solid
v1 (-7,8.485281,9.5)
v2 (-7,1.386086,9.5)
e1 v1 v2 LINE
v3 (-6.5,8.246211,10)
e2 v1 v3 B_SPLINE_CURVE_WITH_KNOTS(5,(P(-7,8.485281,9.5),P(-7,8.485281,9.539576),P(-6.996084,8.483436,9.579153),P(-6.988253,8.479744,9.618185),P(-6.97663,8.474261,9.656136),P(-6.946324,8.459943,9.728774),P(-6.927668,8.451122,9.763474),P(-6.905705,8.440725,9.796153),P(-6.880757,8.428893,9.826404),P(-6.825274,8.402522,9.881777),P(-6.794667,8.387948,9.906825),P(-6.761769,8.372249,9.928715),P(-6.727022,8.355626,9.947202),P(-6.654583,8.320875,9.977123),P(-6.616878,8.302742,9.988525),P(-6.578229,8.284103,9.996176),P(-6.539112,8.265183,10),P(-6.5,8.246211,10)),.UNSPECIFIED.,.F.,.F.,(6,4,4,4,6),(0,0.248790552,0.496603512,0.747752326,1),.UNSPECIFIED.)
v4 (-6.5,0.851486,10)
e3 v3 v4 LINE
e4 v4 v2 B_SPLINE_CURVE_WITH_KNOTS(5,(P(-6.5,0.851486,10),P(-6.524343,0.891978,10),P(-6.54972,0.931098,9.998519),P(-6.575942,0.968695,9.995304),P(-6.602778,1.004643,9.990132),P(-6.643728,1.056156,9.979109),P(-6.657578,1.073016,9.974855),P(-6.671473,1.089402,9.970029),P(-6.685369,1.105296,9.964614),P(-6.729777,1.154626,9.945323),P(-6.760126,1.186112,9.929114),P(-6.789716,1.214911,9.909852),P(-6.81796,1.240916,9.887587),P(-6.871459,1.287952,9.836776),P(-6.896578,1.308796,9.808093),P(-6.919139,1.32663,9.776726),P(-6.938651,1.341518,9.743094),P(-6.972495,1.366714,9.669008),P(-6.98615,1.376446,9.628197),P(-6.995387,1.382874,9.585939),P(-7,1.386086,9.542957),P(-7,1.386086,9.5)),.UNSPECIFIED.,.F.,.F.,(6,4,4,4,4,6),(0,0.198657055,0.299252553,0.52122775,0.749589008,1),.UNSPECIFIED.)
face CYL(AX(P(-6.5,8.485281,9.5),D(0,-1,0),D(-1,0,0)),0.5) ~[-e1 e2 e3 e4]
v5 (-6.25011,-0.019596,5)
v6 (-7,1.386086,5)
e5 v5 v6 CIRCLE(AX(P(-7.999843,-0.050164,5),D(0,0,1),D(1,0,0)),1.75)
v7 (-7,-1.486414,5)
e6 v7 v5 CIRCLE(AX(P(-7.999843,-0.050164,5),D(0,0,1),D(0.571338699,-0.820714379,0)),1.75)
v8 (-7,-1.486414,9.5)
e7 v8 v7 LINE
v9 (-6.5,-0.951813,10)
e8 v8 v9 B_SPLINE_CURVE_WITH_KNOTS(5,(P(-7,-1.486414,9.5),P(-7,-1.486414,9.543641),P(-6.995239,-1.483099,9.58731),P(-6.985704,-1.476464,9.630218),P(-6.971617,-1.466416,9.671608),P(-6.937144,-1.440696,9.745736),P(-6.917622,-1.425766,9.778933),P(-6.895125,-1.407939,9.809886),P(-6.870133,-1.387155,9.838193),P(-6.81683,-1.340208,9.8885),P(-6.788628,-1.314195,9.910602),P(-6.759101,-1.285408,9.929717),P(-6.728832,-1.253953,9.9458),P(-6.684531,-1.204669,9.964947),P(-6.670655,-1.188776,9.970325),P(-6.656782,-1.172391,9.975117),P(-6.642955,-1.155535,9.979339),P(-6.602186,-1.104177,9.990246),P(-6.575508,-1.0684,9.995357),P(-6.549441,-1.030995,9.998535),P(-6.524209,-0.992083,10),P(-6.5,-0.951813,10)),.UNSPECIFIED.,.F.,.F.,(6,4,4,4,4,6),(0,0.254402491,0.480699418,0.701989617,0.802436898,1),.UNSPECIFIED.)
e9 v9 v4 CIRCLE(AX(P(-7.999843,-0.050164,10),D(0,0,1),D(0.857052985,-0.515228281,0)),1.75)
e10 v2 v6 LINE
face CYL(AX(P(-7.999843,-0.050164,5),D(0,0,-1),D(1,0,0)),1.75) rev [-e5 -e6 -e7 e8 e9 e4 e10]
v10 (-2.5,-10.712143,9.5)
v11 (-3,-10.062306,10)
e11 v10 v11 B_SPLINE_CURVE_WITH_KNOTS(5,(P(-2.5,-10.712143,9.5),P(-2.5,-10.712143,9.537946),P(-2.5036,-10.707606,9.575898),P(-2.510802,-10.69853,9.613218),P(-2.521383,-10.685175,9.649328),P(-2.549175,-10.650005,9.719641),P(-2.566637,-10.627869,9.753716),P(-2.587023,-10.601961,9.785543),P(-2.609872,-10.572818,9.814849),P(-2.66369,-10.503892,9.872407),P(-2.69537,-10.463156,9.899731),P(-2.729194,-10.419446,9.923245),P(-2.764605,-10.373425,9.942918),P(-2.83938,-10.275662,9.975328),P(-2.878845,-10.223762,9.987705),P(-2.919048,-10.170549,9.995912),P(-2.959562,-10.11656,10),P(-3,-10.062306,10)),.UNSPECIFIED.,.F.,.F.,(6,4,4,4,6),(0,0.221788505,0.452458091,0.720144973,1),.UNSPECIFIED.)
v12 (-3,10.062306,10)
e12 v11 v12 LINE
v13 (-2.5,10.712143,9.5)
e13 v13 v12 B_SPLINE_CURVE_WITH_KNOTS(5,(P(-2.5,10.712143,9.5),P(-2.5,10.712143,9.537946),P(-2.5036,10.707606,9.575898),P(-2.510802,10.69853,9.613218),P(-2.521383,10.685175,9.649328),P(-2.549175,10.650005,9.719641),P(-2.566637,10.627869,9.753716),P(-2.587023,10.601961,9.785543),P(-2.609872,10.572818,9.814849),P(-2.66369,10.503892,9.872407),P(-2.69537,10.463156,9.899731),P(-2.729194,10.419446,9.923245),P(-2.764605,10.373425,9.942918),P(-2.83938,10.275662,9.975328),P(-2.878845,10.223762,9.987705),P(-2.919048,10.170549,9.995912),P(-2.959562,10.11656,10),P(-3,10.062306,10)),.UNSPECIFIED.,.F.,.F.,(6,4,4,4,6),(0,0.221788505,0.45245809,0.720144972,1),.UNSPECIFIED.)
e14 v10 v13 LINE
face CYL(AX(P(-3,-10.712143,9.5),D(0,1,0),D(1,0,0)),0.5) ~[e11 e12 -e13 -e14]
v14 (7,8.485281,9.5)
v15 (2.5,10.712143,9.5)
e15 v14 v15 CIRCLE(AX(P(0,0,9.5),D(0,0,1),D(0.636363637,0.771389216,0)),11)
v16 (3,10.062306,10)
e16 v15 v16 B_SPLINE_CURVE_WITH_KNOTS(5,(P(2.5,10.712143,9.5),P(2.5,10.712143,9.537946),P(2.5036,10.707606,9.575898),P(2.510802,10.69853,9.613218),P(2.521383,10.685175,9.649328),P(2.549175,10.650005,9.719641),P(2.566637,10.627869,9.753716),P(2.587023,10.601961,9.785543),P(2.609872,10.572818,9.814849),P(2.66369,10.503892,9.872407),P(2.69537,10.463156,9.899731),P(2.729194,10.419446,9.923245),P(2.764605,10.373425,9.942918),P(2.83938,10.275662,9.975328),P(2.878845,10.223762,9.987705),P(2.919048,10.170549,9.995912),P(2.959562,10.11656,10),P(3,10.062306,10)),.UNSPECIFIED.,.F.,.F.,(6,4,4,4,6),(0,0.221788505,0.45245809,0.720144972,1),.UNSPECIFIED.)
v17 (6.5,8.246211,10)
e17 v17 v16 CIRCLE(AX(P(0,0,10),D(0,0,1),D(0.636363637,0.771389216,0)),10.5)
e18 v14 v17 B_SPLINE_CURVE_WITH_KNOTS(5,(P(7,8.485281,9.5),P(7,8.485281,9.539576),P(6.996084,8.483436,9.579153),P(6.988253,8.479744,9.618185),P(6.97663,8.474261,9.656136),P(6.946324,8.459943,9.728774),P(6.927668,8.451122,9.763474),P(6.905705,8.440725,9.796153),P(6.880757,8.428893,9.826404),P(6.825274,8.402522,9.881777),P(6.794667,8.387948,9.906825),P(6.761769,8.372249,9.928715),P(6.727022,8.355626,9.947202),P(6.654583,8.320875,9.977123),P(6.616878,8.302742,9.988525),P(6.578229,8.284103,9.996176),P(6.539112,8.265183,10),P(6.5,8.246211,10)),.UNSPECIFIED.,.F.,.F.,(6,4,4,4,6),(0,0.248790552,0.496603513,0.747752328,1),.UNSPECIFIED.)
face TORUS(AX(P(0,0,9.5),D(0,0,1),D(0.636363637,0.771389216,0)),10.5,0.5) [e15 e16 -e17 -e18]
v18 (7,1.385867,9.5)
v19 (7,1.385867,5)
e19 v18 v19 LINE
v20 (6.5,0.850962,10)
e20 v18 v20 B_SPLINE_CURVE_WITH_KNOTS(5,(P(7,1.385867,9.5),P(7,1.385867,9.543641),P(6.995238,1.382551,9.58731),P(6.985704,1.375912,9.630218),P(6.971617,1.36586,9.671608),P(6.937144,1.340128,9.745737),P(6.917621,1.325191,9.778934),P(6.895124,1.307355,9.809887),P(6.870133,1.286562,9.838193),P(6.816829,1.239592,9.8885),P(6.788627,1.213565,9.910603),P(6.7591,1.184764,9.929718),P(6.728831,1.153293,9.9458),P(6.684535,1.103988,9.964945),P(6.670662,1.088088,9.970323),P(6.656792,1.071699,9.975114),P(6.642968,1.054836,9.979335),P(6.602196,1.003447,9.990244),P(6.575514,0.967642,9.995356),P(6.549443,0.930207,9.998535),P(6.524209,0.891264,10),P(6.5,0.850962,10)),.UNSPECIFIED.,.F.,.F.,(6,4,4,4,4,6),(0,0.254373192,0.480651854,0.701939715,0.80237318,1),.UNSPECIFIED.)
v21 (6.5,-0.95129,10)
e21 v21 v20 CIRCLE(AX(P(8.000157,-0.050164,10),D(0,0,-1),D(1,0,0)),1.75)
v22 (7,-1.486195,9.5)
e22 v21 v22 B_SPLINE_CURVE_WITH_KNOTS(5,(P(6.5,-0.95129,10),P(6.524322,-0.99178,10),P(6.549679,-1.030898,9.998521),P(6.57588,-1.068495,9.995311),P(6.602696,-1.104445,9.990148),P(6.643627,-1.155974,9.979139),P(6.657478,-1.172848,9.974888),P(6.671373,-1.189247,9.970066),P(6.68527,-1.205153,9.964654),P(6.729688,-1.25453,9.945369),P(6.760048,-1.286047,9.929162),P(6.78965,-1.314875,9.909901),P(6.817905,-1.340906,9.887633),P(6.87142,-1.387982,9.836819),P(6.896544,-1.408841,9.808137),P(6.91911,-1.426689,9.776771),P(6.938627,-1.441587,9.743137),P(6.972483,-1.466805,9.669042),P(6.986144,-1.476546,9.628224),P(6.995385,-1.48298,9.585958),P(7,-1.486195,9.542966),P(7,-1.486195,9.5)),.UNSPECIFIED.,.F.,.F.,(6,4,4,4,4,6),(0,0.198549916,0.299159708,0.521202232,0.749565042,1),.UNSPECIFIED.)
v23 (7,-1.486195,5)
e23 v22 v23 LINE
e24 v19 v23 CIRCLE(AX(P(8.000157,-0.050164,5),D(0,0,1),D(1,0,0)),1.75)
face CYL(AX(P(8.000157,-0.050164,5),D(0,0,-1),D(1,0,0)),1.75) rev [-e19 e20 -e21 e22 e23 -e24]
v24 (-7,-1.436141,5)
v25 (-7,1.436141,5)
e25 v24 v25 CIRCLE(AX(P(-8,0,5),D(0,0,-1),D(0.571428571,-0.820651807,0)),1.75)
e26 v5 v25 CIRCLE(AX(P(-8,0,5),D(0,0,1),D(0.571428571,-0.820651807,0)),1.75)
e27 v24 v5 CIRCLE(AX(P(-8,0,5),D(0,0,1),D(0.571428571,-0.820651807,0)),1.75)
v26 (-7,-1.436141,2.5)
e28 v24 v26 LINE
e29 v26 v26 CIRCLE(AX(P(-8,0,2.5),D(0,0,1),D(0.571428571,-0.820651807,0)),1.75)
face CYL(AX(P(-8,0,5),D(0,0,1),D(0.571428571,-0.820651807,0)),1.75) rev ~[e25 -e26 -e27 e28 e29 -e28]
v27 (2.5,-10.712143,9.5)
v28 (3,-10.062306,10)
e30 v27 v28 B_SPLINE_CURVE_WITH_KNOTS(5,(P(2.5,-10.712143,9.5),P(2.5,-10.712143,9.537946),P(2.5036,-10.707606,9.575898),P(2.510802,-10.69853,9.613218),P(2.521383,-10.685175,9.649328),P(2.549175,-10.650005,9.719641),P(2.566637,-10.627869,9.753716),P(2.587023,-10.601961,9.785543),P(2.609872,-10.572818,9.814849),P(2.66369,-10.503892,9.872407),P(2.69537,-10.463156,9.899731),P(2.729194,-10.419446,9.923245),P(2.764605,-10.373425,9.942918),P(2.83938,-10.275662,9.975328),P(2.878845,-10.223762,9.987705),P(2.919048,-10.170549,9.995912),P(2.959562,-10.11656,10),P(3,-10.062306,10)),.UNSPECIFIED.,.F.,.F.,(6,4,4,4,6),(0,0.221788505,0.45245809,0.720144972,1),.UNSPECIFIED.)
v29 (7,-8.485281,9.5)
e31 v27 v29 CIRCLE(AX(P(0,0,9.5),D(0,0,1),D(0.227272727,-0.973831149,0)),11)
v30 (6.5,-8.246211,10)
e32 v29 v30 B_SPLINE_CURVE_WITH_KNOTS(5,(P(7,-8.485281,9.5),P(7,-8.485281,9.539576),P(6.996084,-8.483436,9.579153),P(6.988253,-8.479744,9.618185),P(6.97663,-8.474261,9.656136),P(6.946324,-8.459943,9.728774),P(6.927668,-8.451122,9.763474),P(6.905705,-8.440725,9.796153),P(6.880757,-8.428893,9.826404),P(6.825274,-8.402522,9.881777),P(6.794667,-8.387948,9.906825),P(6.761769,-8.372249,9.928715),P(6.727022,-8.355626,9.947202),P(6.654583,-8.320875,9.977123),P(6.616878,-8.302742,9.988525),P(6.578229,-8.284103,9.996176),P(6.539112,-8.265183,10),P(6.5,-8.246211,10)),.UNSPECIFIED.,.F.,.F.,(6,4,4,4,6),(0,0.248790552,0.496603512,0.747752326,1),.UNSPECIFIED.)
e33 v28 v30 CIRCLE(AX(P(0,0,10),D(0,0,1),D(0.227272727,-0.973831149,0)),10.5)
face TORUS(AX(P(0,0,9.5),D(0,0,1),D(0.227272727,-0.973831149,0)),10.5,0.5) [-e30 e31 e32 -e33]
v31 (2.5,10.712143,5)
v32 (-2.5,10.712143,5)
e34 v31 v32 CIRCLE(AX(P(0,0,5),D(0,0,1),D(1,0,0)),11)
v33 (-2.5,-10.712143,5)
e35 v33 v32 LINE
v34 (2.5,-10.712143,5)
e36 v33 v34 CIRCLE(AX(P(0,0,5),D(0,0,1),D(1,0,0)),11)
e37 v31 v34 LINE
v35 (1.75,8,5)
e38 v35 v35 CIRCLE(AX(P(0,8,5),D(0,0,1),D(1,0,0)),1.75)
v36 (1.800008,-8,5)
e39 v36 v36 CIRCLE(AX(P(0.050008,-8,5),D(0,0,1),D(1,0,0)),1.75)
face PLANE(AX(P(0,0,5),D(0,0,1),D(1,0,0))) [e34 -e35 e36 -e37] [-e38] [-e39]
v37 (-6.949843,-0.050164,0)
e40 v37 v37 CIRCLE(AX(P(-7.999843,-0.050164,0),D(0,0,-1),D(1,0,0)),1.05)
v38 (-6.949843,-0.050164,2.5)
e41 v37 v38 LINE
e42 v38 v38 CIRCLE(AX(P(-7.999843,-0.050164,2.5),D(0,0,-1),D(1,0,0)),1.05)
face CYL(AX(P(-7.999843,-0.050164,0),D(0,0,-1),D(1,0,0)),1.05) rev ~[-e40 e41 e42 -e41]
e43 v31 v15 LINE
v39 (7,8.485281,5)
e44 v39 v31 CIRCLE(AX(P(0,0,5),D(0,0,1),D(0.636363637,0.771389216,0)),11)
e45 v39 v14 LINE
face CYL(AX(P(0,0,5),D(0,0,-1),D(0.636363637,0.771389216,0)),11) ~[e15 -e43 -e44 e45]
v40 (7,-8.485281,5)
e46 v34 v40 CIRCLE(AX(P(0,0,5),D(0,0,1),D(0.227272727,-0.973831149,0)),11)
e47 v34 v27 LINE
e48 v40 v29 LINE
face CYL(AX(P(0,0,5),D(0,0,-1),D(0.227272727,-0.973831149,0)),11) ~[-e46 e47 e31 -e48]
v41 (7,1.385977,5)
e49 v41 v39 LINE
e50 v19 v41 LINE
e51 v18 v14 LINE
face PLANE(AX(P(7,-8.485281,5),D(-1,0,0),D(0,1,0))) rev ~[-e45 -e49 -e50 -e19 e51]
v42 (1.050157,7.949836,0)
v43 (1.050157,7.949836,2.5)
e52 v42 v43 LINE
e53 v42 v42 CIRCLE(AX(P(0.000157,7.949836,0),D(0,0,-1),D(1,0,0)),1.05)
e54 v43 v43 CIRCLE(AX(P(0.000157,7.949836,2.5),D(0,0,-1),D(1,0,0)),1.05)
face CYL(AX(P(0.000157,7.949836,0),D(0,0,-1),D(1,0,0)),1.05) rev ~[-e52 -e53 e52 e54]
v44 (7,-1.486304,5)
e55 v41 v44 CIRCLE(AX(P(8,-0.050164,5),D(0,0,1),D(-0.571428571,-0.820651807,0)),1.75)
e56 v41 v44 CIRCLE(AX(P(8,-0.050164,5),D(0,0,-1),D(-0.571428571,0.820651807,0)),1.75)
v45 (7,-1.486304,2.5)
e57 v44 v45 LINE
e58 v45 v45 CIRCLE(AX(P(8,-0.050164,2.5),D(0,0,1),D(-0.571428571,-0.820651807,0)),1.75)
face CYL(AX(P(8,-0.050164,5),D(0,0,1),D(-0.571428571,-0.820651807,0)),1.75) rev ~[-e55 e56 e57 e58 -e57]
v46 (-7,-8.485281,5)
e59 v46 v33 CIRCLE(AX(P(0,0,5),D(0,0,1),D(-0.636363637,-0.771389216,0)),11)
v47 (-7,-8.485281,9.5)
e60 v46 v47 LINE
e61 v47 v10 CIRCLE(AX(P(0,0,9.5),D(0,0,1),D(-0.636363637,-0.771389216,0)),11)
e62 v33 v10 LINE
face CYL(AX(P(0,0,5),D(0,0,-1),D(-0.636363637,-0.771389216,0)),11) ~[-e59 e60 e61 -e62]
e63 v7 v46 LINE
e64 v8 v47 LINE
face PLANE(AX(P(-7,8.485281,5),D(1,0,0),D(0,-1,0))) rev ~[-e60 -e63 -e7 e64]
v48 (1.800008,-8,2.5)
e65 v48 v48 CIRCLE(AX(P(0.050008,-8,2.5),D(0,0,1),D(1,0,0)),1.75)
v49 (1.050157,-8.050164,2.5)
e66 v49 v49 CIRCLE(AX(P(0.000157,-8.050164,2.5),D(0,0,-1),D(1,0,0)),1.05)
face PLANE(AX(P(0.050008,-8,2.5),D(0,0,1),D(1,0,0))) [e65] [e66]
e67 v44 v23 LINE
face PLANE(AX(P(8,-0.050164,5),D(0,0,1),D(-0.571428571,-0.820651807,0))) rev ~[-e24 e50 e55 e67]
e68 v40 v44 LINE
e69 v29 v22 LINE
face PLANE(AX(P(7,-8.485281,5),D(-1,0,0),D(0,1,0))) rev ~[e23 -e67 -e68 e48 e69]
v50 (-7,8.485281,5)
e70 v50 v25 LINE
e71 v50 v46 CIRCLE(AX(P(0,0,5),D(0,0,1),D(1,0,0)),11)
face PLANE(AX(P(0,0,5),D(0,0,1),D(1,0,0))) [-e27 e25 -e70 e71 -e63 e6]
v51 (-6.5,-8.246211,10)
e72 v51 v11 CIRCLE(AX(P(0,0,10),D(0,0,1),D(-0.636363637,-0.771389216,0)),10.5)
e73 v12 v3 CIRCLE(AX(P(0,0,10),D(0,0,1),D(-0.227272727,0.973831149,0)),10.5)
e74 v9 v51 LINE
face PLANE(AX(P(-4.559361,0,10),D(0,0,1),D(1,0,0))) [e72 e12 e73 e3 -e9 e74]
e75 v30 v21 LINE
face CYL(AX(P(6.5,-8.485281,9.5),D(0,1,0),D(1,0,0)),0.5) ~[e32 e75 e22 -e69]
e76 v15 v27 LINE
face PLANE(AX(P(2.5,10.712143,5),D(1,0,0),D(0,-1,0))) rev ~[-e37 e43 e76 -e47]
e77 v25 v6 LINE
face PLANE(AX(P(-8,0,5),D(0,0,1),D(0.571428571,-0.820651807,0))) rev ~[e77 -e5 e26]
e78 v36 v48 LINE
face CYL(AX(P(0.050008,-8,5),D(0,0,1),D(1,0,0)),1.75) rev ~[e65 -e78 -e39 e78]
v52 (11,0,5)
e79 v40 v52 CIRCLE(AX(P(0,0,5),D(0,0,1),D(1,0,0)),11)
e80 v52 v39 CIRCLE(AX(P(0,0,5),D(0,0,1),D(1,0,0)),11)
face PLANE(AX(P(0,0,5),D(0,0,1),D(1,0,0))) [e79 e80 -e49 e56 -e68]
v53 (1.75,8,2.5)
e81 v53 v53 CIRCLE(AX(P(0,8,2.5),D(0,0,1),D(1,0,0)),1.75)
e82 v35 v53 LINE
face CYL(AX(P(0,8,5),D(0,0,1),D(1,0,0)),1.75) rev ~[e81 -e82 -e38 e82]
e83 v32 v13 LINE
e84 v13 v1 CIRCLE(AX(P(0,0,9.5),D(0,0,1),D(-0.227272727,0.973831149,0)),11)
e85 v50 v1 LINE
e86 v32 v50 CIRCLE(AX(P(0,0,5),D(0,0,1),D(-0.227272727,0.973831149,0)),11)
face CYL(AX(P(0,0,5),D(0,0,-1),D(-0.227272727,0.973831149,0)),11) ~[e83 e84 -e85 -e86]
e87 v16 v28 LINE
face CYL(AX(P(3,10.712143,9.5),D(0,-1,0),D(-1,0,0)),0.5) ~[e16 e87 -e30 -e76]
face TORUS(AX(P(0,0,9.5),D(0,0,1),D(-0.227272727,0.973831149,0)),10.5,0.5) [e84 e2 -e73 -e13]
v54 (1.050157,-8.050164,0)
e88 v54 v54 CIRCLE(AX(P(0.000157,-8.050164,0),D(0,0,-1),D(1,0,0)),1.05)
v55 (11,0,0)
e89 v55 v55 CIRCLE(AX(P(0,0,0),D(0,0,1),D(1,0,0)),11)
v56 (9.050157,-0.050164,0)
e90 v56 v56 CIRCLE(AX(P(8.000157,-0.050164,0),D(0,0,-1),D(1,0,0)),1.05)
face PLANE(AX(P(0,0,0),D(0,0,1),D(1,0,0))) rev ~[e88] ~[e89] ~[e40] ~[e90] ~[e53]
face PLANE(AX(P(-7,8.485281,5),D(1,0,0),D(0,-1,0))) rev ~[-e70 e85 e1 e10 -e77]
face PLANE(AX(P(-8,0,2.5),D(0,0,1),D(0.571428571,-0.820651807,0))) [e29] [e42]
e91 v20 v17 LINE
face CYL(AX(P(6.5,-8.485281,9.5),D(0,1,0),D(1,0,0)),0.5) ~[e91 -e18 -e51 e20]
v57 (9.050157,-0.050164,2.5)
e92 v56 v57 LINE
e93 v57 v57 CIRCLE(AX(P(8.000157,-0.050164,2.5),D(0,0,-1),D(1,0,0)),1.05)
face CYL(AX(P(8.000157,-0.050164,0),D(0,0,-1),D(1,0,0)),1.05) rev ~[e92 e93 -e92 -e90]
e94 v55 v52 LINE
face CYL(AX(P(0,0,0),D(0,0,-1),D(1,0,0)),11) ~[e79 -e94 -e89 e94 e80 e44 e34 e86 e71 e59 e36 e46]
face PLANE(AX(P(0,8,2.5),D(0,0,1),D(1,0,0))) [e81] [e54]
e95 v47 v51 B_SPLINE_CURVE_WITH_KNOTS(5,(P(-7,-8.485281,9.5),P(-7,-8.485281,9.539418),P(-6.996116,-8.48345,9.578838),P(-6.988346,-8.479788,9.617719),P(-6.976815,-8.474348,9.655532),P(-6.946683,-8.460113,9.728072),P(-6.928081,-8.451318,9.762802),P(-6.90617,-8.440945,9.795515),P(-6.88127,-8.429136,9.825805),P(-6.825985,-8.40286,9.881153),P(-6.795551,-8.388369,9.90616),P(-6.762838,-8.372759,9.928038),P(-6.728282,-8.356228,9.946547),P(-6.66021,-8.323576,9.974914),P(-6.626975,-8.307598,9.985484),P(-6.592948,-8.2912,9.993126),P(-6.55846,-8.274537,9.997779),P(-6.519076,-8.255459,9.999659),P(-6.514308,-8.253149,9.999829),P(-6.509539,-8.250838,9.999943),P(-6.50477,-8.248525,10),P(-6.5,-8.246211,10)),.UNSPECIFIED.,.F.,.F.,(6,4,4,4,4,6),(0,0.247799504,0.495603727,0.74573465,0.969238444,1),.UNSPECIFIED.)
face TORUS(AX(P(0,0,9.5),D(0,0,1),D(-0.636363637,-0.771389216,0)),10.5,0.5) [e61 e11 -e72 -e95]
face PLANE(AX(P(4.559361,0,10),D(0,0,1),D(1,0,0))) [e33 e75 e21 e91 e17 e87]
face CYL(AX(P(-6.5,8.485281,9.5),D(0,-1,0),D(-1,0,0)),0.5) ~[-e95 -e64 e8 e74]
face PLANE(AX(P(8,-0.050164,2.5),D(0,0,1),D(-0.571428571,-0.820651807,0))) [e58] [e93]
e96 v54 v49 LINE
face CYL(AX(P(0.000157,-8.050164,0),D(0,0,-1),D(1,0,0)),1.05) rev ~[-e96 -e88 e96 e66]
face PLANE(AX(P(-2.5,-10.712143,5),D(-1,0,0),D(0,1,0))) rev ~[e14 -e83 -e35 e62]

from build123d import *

# Parameters (mm, degrees)
ESQUISSE1_R             = 11
BOSS_EXTRU_1_DEPTH      = 5
BOSS_EXTRU_3_DEPTH      = 5
CONG_3_R                = 0.5
ESQUISSE3D1_R           = 1.05
ENL_V_MAT_EXTRU_1_DEPTH = 25.164275332
ESQUISSE3D2_R           = 1.75
ENL_V_MAT_EXTRU_2_DEPTH = 2.5
ESQUISSE4_R             = 1.75
ENL_V_MAT_EXTRU_3_DEPTH = 17.340134669


with BuildPart() as part:
    # Esquisse1 → Boss.-Extru.1 (new body)
    with BuildSketch(Plane.XY):
        Circle(ESQUISSE1_R)
    extrude(amount=BOSS_EXTRU_1_DEPTH)

    # Esquisse2 → Boss.-Extru.3 (add)
    with BuildSketch(Plane.XY.offset(5)):
        with BuildLine():
            ThreePointArc((-2.5, 10.712142643), (-4.878752687, 9.858893053), (-7, 8.485281374))
            Line((-7, 8.485281374), (-7, -8.485281374))
            ThreePointArc((-7, -8.485281374), (-4.878752687, -9.858893053), (-2.5, -10.712142643))
            Line((-2.5, -10.712142643), (-2.5, 10.712142643))
        make_face()
        with BuildLine():
            ThreePointArc((7, 8.485281374), (4.878752687, 9.858893053), (2.5, 10.712142643))
            Line((2.5, 10.712142643), (2.5, -10.712142643))
            ThreePointArc((2.5, -10.712142643), (4.878752687, -9.858893053), (7, -8.485281374))
            Line((7, -8.485281374), (7, 8.485281374))
        make_face()
    extrude(amount=BOSS_EXTRU_3_DEPTH)

    # Congé3
    cong_3_edges = [part.edges().sort_by_distance(p)[0] for p in [
        (4.878752687, 9.858893053, 10),
        (4.878752687, -9.858893053, 10),
        (7, 0, 10),
        (2.5, 0, 10),
        (-4.878752687, 9.858893053, 10),
        (-4.878752687, -9.858893053, 10),
        (-2.5, 0, 10),
        (-7, 0, 10),
    ]]
    fillet(cong_3_edges, radius=CONG_3_R)

    # Esquisse3D1 → Enlèv. mat.-Extru.1 (cut, through all)
    with BuildSketch(Plane(origin=(0.000157277, -8.050163785, 0), x_dir=(0, 1, 0), z_dir=(0, 0, -1))):
        with Locations(Location((0, 0, 0), (0, 0, 90))):
            Circle(ESQUISSE3D1_R)
        with Locations(Location((8, 8, 0), (0, 0, 90))):
            Circle(ESQUISSE3D1_R)
        with Locations(Location((16, 0, 0), (0, 0, 90))):
            Circle(ESQUISSE3D1_R)
        with Locations(Location((8, -8, 0), (0, 0, 90))):
            Circle(ESQUISSE3D1_R)
    extrude(amount=-ENL_V_MAT_EXTRU_1_DEPTH, mode=Mode.SUBTRACT)

    # Esquisse3D2 → Enlèv. mat.-Extru.2 (cut)
    with BuildSketch(Plane(origin=(-8, 0, 5), x_dir=(0.9999950851821525, -0.0031352211308848022, 0), z_dir=(0, 0, 1))):
        with Locations(Location((0, 0, 0), (0, 0, 305.029539812))):
            Circle(ESQUISSE3D2_R)
        with Locations(Location((8.075049898, -7.974722127, 0), (0, 0, 0.179635233))):
            Circle(ESQUISSE3D2_R)
        with Locations(Location((7.974878912, 8.025042451, 0), (0, 0, 0.179635233))):
            Circle(ESQUISSE3D2_R)
        with Locations(Location((16.000078637, 0, 0), (0, 0, 235.329730654))):
            Circle(ESQUISSE3D2_R)
    extrude(amount=-ENL_V_MAT_EXTRU_2_DEPTH, mode=Mode.SUBTRACT)

    # Esquisse4 → Enlèv. mat.-Extru.3 (cut, through all)
    with BuildSketch(Plane.XY.offset(5)):
        with Locations((-7.999842723, -0.050163785)):
            Circle(ESQUISSE4_R)
        with Locations((8.000157277, -0.050163785)):
            Circle(ESQUISSE4_R)
    extrude(amount=ENL_V_MAT_EXTRU_3_DEPTH, mode=Mode.SUBTRACT)


solid = part.part
